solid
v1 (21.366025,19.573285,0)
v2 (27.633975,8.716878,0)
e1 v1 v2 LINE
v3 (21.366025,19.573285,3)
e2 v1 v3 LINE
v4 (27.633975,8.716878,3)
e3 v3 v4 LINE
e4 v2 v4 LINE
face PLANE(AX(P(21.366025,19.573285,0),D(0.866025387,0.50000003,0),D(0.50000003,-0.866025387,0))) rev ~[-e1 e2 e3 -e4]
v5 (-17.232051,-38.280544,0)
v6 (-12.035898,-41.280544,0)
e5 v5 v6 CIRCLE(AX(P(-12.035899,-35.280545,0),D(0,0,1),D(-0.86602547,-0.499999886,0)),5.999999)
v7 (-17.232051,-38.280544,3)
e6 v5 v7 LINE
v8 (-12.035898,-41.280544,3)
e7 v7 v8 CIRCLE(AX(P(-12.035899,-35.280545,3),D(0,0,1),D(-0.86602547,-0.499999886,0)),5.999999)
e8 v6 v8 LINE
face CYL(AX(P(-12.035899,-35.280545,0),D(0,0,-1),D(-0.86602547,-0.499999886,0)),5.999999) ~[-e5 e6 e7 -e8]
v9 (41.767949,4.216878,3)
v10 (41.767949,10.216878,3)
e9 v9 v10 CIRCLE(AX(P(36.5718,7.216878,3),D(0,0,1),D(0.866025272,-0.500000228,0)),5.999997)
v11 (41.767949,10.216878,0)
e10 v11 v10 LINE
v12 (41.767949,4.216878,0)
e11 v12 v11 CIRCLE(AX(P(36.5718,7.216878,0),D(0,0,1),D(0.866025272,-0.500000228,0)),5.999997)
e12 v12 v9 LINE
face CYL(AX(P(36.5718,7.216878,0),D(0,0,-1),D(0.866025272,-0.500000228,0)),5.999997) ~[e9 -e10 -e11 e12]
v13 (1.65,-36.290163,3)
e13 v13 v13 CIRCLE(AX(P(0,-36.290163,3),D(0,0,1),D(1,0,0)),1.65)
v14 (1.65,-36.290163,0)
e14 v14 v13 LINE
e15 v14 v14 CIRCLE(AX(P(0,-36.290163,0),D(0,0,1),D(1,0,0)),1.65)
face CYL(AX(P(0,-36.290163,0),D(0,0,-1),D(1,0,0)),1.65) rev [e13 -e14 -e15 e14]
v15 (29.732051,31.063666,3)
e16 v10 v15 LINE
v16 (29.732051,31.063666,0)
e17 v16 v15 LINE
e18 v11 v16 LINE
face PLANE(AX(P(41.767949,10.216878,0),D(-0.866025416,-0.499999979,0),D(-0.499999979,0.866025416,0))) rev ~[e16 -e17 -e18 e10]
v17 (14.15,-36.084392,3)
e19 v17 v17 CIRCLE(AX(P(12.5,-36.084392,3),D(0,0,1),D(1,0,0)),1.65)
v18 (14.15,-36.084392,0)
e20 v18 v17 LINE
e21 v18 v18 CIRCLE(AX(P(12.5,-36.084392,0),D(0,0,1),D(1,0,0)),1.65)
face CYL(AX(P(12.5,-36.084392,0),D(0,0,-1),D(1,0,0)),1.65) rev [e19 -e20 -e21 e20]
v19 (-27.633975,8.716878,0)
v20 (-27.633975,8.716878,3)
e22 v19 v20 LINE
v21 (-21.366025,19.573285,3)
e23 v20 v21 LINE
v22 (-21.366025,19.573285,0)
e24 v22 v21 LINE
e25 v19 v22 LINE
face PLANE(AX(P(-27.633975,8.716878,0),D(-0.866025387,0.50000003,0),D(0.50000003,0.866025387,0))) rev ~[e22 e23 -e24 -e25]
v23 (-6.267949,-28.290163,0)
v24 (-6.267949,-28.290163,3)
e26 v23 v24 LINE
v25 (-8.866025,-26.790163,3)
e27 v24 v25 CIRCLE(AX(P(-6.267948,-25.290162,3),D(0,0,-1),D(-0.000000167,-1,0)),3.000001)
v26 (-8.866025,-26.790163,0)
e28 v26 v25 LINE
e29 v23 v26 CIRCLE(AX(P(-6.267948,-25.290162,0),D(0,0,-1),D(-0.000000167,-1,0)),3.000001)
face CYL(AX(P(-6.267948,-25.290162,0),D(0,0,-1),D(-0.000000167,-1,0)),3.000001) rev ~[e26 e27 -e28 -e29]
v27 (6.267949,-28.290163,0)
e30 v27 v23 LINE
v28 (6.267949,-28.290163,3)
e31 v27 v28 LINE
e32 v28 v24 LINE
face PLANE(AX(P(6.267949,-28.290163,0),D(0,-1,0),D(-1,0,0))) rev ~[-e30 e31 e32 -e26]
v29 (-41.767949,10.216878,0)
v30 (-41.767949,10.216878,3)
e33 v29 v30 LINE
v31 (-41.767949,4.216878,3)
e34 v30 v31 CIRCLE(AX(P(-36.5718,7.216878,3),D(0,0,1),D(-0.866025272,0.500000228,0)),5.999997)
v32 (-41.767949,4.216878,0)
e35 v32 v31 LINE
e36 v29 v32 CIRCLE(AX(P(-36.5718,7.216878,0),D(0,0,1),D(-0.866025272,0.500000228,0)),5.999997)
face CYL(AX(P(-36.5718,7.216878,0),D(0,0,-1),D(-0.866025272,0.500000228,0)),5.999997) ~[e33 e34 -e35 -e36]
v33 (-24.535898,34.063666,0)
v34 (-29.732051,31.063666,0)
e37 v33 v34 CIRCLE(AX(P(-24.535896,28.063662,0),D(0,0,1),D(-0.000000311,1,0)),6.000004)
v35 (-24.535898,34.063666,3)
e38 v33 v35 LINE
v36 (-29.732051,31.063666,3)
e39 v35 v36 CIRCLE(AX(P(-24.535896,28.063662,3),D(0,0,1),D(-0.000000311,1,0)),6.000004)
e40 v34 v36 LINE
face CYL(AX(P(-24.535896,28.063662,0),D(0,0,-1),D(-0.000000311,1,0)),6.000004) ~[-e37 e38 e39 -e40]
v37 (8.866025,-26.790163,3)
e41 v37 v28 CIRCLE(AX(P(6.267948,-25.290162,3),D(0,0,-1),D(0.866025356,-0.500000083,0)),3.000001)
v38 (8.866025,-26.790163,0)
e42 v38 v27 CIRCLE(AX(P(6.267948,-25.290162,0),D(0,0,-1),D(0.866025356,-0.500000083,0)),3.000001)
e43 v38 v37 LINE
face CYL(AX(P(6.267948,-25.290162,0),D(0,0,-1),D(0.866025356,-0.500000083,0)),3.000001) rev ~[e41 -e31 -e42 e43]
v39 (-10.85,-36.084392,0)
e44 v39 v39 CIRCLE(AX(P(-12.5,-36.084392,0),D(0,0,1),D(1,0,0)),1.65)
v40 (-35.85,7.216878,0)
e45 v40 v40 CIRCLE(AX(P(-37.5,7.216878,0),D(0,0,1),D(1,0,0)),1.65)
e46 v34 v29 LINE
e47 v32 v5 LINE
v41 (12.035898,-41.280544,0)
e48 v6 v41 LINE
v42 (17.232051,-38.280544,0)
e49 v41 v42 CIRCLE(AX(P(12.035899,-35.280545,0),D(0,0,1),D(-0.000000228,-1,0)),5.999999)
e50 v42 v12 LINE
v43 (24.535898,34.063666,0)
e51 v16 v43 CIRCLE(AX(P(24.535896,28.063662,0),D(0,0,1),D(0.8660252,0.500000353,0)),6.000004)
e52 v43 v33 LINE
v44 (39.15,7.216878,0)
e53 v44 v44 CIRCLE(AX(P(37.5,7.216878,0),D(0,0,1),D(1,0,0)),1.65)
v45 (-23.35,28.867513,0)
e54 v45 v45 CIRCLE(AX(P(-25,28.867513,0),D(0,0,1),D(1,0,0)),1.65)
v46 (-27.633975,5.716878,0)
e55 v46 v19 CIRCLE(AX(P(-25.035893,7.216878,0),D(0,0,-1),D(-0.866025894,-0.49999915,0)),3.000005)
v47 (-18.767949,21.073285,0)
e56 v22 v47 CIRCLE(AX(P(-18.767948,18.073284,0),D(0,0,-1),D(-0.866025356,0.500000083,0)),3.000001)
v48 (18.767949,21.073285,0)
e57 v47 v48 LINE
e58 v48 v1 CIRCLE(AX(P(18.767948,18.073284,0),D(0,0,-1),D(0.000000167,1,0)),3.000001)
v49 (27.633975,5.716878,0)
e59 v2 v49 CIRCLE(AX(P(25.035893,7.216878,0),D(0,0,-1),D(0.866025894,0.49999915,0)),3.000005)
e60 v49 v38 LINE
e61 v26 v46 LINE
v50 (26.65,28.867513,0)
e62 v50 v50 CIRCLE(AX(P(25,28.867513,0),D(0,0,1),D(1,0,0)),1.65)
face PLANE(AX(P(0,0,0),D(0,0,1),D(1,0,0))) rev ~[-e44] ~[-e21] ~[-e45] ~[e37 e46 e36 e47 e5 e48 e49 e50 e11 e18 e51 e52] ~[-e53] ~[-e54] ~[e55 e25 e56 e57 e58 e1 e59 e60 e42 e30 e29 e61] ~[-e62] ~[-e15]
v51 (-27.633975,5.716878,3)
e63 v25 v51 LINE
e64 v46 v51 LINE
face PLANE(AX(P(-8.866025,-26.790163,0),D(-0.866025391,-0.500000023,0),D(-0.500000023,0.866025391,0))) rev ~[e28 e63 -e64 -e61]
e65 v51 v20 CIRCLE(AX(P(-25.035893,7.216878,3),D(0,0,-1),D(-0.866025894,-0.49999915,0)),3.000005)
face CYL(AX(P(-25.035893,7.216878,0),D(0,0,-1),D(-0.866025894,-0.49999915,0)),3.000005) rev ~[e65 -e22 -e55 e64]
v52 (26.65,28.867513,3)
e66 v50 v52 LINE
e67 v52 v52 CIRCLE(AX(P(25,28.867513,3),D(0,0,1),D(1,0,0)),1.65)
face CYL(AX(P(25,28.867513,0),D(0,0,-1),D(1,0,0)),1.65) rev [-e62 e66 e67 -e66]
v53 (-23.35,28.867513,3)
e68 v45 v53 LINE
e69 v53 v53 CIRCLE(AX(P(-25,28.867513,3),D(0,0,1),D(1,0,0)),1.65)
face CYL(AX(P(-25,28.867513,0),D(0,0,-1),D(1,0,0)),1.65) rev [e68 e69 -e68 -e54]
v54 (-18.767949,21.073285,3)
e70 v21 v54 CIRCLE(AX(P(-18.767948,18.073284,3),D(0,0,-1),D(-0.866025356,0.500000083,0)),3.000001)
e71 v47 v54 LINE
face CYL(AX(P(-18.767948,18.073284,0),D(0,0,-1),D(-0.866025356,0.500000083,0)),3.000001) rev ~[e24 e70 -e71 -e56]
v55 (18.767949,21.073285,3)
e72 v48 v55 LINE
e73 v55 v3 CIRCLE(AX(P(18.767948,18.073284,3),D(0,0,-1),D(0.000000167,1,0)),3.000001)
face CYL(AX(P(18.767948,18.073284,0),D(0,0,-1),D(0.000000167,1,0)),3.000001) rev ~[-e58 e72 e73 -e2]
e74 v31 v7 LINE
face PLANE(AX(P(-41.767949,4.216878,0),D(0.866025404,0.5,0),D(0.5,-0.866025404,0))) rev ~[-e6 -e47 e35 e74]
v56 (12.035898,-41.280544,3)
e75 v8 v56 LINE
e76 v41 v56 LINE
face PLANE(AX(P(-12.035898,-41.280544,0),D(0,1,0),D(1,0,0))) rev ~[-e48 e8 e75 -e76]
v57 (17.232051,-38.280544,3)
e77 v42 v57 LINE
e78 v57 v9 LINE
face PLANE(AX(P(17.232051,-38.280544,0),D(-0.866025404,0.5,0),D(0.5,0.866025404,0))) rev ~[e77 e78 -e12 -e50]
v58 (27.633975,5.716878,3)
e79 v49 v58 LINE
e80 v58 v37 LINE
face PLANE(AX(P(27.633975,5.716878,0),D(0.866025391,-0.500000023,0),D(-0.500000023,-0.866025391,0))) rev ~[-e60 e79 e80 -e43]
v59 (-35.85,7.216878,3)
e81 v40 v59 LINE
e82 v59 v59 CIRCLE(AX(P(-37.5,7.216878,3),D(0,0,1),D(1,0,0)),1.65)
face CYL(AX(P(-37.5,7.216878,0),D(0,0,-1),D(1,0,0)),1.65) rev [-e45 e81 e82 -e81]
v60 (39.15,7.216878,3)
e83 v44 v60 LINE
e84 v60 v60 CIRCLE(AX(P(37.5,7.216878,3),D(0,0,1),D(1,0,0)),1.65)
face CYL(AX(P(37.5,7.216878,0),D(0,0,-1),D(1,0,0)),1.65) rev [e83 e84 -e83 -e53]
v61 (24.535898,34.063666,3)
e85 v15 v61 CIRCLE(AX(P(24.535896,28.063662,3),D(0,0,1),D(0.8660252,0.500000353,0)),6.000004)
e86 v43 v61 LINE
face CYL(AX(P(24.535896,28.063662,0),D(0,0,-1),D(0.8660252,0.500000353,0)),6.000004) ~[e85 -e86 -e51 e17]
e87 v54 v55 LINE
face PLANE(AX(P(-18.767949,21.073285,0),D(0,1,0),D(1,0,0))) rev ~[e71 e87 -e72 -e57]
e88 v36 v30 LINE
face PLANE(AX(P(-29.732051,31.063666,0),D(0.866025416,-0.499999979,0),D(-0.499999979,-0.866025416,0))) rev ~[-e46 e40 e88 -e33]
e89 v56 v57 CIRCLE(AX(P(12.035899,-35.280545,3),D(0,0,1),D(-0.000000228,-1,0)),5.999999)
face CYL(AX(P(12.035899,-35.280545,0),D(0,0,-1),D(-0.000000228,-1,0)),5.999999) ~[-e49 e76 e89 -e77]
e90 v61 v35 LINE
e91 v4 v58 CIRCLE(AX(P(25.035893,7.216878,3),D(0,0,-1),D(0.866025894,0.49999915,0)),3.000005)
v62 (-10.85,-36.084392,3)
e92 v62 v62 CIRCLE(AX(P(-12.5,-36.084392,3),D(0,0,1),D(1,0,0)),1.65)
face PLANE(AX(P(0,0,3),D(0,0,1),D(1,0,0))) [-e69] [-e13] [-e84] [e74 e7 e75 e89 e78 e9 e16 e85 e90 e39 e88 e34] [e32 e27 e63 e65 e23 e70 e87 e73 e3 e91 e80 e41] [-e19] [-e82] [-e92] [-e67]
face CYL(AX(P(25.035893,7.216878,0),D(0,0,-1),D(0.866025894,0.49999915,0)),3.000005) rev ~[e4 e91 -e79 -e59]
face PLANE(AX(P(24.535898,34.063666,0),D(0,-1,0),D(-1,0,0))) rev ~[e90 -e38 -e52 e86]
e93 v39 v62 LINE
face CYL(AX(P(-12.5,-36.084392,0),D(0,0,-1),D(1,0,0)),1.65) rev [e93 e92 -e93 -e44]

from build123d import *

# Parameters (mm, degrees)
F0_R     = 1.65
F1_DEPTH = 3


with BuildPart() as f1:
    # F0 (on Top) → F1 (new body)
    with BuildSketch(Plane.XY):
        with BuildLine():
            ThreePointArc((-24.535898, 34.063666), (-27.535898, 33.259818), (-29.732051, 31.063666))
            Line((-29.732051, 31.063666), (-41.767949, 10.216878))
            ThreePointArc((-41.767949, 10.216878), (-42.571797, 7.216878), (-41.767949, 4.216878))
            Line((-41.767949, 4.216878), (-17.232051, -38.280544))
            ThreePointArc((-17.232051, -38.280544), (-15.035898, -40.476697), (-12.035898, -41.280544))
            Line((-12.035898, -41.280544), (12.035898, -41.280544))
            ThreePointArc((12.035898, -41.280544), (15.035898, -40.476697), (17.232051, -38.280544))
            Line((17.232051, -38.280544), (41.767949, 4.216878))
            ThreePointArc((41.767949, 4.216878), (42.571797, 7.216878), (41.767949, 10.216878))
            Line((41.767949, 10.216878), (29.732051, 31.063666))
            ThreePointArc((29.732051, 31.063666), (27.535898, 33.259818), (24.535898, 34.063666))
            Line((24.535898, 34.063666), (-24.535898, 34.063666))
        make_face()
        with Locations((-12.5, -36.084392)):
            Circle(F0_R, mode=Mode.SUBTRACT)
        with Locations((0, -36.290163)):
            Circle(F0_R, mode=Mode.SUBTRACT)
        with Locations((12.5, -36.084392)):
            Circle(F0_R, mode=Mode.SUBTRACT)
        with BuildLine():
            Line((6.267949, -28.290163), (-6.267949, -28.290163))
            ThreePointArc((-6.267949, -28.290163), (-7.767949, -27.888239), (-8.866025, -26.790163))
            Line((-8.866025, -26.790163), (-27.633975, 5.716878))
            ThreePointArc((-27.633975, 5.716878), (-28.035898, 7.216878), (-27.633975, 8.716878))
            Line((-27.633975, 8.716878), (-21.366025, 19.573285))
            ThreePointArc((-21.366025, 19.573285), (-20.267949, 20.671361), (-18.767949, 21.073285))
            Line((-18.767949, 21.073285), (18.767949, 21.073285))
            ThreePointArc((18.767949, 21.073285), (20.267949, 20.671361), (21.366025, 19.573285))
            Line((21.366025, 19.573285), (27.633975, 8.716878))
            ThreePointArc((27.633975, 8.716878), (28.035898, 7.216878), (27.633975, 5.716878))
            Line((27.633975, 5.716878), (8.866025, -26.790163))
            ThreePointArc((8.866025, -26.790163), (7.767949, -27.888239), (6.267949, -28.290163))
        make_face(mode=Mode.SUBTRACT)
        with Locations((-37.5, 7.216878)):
            Circle(F0_R, mode=Mode.SUBTRACT)
        with Locations((-25, 28.867513)):
            Circle(F0_R, mode=Mode.SUBTRACT)
        with Locations((37.5, 7.216878)):
            Circle(F0_R, mode=Mode.SUBTRACT)
        with Locations((25, 28.867513)):
            Circle(F0_R, mode=Mode.SUBTRACT)
    extrude(amount=F1_DEPTH)


solid = f1.part
